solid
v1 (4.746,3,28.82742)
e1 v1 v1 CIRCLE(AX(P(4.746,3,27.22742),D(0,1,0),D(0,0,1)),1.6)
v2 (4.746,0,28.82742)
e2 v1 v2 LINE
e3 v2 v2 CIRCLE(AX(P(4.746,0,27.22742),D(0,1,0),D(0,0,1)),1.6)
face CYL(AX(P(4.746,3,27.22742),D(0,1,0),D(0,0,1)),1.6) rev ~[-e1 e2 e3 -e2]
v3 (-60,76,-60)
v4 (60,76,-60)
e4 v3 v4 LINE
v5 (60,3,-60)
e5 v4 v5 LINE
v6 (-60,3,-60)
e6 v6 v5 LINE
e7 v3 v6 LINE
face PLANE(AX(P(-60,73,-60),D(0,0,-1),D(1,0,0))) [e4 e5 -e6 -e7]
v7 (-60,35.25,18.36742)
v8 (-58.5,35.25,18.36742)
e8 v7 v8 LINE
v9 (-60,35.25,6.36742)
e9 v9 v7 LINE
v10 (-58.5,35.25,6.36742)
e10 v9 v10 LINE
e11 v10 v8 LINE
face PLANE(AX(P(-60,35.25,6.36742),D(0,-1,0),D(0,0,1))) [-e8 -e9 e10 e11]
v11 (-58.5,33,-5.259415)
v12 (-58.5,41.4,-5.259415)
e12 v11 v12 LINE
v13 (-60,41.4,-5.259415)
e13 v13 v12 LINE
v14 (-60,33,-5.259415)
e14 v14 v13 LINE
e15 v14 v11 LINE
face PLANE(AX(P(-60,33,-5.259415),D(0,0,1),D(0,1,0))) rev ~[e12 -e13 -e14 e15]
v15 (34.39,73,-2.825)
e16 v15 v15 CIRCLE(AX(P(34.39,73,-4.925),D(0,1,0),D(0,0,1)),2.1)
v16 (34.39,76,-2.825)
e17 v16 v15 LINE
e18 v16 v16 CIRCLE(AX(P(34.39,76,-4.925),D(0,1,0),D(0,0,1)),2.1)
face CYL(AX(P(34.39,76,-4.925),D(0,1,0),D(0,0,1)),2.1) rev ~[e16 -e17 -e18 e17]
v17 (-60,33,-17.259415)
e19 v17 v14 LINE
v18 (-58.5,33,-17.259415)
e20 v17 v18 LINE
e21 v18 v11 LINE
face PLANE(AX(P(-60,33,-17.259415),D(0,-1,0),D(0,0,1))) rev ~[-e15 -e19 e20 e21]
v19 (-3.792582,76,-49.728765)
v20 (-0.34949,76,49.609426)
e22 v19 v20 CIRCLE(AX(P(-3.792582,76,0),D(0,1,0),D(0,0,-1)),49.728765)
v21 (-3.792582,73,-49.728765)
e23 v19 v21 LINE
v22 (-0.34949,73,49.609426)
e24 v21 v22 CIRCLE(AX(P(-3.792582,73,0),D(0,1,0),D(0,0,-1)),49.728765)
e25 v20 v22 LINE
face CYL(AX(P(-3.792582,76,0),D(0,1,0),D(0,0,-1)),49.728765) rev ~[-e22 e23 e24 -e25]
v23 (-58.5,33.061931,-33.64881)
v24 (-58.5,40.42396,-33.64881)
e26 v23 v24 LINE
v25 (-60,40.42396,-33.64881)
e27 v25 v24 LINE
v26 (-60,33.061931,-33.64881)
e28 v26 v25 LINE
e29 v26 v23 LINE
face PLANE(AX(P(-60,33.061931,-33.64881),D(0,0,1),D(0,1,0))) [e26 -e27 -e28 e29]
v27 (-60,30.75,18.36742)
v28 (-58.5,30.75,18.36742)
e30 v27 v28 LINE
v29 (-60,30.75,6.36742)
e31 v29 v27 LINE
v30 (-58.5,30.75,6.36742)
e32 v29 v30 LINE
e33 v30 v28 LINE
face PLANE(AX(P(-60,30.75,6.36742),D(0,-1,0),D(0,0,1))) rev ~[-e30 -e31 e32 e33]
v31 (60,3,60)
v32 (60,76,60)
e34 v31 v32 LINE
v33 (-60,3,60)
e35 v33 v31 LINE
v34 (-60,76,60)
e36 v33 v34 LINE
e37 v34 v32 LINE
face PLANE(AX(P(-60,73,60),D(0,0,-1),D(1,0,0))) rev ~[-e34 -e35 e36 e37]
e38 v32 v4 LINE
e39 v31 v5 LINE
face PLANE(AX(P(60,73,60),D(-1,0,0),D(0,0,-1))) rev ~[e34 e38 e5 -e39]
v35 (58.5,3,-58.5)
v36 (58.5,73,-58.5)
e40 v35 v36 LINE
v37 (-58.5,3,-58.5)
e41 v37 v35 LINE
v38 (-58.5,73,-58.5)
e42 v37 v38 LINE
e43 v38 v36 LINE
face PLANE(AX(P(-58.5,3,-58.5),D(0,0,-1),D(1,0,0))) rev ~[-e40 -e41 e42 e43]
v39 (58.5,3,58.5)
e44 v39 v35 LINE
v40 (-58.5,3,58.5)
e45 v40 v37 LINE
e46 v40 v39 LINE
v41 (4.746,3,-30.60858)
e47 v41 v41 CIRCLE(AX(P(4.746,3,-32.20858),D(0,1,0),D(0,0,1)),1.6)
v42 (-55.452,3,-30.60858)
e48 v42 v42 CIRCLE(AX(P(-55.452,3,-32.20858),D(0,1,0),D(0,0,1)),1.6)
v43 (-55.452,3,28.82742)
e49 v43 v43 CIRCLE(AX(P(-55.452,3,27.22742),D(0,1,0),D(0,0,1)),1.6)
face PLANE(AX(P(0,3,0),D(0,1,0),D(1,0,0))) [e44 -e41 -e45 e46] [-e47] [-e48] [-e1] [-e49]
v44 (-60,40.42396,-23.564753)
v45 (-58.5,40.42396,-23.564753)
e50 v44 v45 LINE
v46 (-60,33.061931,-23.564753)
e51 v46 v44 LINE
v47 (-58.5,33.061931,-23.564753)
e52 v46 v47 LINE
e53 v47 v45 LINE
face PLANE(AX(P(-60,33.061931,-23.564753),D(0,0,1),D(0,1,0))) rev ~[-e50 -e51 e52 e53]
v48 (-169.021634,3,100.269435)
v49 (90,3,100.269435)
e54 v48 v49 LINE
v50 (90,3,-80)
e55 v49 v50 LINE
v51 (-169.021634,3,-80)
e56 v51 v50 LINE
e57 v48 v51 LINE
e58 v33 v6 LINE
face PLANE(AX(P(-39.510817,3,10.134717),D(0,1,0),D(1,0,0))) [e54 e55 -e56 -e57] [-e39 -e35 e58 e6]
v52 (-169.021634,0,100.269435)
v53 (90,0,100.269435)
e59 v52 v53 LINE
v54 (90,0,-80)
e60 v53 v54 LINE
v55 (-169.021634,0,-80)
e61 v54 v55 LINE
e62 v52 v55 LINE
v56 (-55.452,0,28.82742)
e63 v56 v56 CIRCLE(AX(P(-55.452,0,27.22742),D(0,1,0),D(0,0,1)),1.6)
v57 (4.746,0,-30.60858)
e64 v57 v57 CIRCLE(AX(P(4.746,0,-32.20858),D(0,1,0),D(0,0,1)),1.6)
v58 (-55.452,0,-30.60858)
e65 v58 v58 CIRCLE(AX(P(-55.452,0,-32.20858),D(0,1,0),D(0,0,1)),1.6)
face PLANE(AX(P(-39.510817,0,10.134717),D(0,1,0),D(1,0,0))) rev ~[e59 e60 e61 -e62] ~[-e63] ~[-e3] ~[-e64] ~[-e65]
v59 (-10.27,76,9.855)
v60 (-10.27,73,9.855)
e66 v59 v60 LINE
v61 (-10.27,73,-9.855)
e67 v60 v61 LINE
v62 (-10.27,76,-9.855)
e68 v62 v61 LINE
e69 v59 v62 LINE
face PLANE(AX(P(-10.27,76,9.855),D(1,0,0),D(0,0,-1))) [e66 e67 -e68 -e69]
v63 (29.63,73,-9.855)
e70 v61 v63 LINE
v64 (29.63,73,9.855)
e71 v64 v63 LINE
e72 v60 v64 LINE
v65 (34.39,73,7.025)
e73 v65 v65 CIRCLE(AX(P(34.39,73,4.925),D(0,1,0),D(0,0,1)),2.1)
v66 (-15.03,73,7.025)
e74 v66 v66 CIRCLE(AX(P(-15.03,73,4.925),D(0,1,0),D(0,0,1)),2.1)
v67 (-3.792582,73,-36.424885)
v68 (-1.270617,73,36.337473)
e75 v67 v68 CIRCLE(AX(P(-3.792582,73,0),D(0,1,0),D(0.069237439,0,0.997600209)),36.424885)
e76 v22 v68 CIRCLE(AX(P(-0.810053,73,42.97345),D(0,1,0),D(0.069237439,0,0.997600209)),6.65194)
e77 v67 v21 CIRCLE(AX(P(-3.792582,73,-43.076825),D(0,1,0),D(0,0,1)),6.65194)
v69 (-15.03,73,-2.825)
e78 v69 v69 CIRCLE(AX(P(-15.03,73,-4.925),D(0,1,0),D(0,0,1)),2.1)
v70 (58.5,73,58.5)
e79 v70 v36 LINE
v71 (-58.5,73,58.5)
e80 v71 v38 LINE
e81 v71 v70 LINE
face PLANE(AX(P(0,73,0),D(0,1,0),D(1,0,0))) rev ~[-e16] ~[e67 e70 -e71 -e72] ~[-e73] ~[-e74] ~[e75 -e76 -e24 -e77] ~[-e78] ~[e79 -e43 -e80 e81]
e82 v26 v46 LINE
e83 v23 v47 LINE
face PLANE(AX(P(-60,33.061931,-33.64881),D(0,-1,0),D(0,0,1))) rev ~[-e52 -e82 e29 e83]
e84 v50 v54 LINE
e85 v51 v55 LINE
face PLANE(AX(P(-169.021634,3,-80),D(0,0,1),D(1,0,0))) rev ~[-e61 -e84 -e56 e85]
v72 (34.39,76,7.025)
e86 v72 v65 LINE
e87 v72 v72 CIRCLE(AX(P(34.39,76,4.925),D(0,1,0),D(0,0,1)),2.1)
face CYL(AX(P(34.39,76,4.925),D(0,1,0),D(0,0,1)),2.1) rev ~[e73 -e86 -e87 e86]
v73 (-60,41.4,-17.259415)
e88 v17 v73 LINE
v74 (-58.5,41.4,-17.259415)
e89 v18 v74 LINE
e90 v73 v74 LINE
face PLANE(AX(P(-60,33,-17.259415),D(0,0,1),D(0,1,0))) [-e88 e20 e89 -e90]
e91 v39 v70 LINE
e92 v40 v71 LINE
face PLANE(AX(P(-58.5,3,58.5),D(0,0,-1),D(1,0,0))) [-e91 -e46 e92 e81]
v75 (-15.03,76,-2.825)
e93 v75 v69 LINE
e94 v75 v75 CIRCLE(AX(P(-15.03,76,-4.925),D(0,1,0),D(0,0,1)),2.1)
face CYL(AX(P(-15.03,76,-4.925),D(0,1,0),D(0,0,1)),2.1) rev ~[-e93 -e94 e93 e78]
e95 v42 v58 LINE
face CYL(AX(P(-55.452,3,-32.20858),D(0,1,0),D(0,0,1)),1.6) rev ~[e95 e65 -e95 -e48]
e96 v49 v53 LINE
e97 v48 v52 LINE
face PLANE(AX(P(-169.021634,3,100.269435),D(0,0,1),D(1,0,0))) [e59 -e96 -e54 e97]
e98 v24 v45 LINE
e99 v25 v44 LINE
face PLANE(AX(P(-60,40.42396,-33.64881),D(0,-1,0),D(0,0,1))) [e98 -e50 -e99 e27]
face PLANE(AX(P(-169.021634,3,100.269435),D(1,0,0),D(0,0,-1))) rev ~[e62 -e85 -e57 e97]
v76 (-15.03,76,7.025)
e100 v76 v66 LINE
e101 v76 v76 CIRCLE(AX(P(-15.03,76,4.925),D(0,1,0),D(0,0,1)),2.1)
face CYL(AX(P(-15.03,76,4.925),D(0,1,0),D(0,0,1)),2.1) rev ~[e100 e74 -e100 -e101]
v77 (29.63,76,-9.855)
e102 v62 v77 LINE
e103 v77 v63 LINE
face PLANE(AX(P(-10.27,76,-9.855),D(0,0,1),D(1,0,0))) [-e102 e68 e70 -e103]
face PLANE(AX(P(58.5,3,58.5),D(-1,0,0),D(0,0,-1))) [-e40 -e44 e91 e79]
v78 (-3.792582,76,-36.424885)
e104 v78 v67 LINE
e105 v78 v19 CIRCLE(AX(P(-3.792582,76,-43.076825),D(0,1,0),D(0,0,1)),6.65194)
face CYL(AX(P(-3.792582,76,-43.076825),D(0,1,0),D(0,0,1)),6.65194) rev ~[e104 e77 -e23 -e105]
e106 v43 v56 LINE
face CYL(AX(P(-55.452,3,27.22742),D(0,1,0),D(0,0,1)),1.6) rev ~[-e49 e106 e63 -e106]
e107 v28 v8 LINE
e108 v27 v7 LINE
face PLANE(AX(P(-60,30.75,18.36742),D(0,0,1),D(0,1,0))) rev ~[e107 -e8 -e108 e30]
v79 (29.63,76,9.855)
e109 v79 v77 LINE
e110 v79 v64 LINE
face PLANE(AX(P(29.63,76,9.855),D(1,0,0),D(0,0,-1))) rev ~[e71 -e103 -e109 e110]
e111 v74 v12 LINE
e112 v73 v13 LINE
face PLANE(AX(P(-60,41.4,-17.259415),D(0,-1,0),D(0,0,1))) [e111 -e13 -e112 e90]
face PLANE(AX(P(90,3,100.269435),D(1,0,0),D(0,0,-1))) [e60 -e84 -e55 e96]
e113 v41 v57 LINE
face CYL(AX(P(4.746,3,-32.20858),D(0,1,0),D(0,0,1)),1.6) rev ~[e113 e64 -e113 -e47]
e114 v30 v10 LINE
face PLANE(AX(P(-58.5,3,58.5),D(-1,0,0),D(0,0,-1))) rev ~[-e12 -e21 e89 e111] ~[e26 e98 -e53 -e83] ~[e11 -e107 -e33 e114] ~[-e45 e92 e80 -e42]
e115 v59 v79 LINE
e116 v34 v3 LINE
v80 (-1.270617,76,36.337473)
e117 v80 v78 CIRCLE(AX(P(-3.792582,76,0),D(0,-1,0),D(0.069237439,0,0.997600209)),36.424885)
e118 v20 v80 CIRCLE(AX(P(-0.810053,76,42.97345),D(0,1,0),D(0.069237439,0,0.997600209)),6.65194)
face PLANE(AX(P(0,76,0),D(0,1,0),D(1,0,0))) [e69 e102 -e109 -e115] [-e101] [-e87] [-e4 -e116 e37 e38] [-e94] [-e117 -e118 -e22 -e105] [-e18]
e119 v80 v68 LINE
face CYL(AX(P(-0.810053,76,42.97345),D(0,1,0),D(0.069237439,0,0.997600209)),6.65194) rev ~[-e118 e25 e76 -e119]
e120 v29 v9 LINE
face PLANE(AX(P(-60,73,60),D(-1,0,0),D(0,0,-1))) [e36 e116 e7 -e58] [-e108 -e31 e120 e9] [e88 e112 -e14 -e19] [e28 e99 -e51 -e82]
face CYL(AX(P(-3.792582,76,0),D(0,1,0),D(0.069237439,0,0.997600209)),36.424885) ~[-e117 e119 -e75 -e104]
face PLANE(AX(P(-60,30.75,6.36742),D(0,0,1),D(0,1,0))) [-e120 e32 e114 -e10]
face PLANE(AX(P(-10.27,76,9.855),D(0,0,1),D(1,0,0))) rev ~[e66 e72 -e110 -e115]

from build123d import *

# Parameters (mm, degrees)
SKETCH1_W           = 140
SKETCH1_H           = 160
BOSS_EXTRUDE1_DEPTH = 3
SKETCH2_W           = 120
SKETCH2_H           = 120
SKETCH2_W_2         = 117
SKETCH2_H_2         = 117
BOSS_EXTRUDE2_DEPTH = 70
SKETCH4_W           = 120
SKETCH4_H           = 120
BOSS_EXTRUDE4_DEPTH = 3
SKETCH5_R           = 2.1
SKETCH5_W           = 39.9
SKETCH5_H           = 19.71
CUT_EXTRUDE2_DEPTH  = 3
SKETCH6_W           = 18.298163042
SKETCH6_H           = 17.309993256
CUT_EXTRUDE3_DEPTH  = 3
CUT_EXTRUDE8_DEPTH  = 5
SKETCH15_W          = 259.021634325
SKETCH15_H          = 180.269434884
BOSS_EXTRUDE5_DEPTH = 3
SKETCH18_R          = 1.6
CUT_EXTRUDE9_DEPTH  = 10
SKETCH19_W          = 12
SKETCH19_H          = 4.5
SKETCH19_H_2        = 8.4
SKETCH19_W_2        = 10.084057066
SKETCH19_H_3        = 7.362028533
CUT_EXTRUDE11_DEPTH = 5


with BuildPart() as part:
    # Sketch1 → Boss-Extrude1 (new body)
    with BuildSketch(Plane(origin=(0, 0, 0), x_dir=(1, 0, 0), z_dir=(0, 1, 0))):
        Rectangle(SKETCH1_W, SKETCH1_H)
    extrude(amount=BOSS_EXTRUDE1_DEPTH)

    # Sketch2 → Boss-Extrude2 (add)
    with BuildSketch(Plane(origin=(0, 3, 0), x_dir=(1, 0, 0), z_dir=(0, 1, 0))):
        Rectangle(SKETCH2_W, SKETCH2_H)
        Rectangle(SKETCH2_W_2, SKETCH2_H_2, mode=Mode.SUBTRACT)
    extrude(amount=BOSS_EXTRUDE2_DEPTH)

    # Sketch4 → Boss-Extrude4 (add)
    with BuildSketch(Plane(origin=(0, 73, 0), x_dir=(1, 0, 0), z_dir=(0, 1, 0))):
        Rectangle(SKETCH4_W, SKETCH4_H)
    extrude(amount=BOSS_EXTRUDE4_DEPTH)

    # Sketch5 → Cut-Extrude2 (cut)
    with BuildSketch(Plane(origin=(0, 76, 0), x_dir=(1, 0, 0), z_dir=(0, 1, 0))):
        with Locations(Location((34.39, -4.925, 0), (0, 0, 270))):
            Circle(SKETCH5_R)
        with Locations(Location((34.39, 4.925, 0), (0, 0, 270))):
            Circle(SKETCH5_R)
        with Locations(Location((-15.03, -4.925, 0), (0, 0, 270))):
            Circle(SKETCH5_R)
        with Locations(Location((-15.03, 4.925, 0), (0, 0, 270))):
            Circle(SKETCH5_R)
        with Locations((9.68, 0)):
            Rectangle(SKETCH5_W, SKETCH5_H)
    extrude(amount=-CUT_EXTRUDE2_DEPTH, mode=Mode.SUBTRACT)

    # Sketch6 → Cut-Extrude3 (cut)
    with BuildSketch(Plane(origin=(0, 76, 0), x_dir=(1, 0, 0), z_dir=(0, 1, 0))):
        Rectangle(SKETCH6_W, SKETCH6_H)
    extrude(amount=-CUT_EXTRUDE3_DEPTH, mode=Mode.SUBTRACT)

    # Sketch13 → Cut-Extrude8 (cut)
    with BuildSketch(Plane(origin=(0, 76, 0), x_dir=(1, 0, 0), z_dir=(0, 1, 0))):
        with BuildLine():
            ThreePointArc((-3.792582359, 49.728765052), (-53.491503795, -1.722579942), (-0.349490011, -49.609426409))
            ThreePointArc((-0.349490011, -49.609426409), (5.82592347, -42.51288634), (-1.270616599, -36.337472859))
            ThreePointArc((-1.270616599, -36.337472859), (-40.195607742, -1.261740085), (-3.792582359, 36.42488497))
            ThreePointArc((-3.792582359, 36.42488497), (2.859357682, 43.076825011), (-3.792582359, 49.728765052))
        make_face()
    extrude(amount=-CUT_EXTRUDE8_DEPTH, mode=Mode.SUBTRACT)

    # Sketch15 → Boss-Extrude5 (add)
    with BuildSketch(Plane(origin=(0, 3, 0), x_dir=(1, 0, 0), z_dir=(0, 1, 0))):
        with Locations((-39.510817163, -10.134717442)):
            Rectangle(SKETCH15_W, SKETCH15_H)
    extrude(amount=-BOSS_EXTRUDE5_DEPTH)

    # Sketch18 → Cut-Extrude9 (cut)
    with BuildSketch(Plane(origin=(0, 3, 0), x_dir=(1, 0, 0), z_dir=(0, 1, 0))):
        with Locations(Location((-55.452, -27.227420358, 0), (0, 0, 270))):
            Circle(SKETCH18_R)
        with Locations(Location((-55.452, 32.208579642, 0), (0, 0, 270))):
            Circle(SKETCH18_R)
        with Locations(Location((4.746, 32.208579642, 0), (0, 0, 270))):
            Circle(SKETCH18_R)
        with Locations(Location((4.746, -27.227420358, 0), (0, 0, 270))):
            Circle(SKETCH18_R)
    extrude(amount=-CUT_EXTRUDE9_DEPTH, mode=Mode.SUBTRACT)

    # Sketch19 → Cut-Extrude11 (cut)
    with BuildSketch(Plane.ZY.offset(60)):
        with Locations((12.367420358, 33)):
            Rectangle(SKETCH19_W, SKETCH19_H)
        with Locations((-11.259414931, 37.2)):
            Rectangle(SKETCH19_W, SKETCH19_H_2)
        with Locations((-28.606781654, 36.742945388)):
            Rectangle(SKETCH19_W_2, SKETCH19_H_3)
    extrude(amount=-CUT_EXTRUDE11_DEPTH, mode=Mode.SUBTRACT)


solid = part.part
